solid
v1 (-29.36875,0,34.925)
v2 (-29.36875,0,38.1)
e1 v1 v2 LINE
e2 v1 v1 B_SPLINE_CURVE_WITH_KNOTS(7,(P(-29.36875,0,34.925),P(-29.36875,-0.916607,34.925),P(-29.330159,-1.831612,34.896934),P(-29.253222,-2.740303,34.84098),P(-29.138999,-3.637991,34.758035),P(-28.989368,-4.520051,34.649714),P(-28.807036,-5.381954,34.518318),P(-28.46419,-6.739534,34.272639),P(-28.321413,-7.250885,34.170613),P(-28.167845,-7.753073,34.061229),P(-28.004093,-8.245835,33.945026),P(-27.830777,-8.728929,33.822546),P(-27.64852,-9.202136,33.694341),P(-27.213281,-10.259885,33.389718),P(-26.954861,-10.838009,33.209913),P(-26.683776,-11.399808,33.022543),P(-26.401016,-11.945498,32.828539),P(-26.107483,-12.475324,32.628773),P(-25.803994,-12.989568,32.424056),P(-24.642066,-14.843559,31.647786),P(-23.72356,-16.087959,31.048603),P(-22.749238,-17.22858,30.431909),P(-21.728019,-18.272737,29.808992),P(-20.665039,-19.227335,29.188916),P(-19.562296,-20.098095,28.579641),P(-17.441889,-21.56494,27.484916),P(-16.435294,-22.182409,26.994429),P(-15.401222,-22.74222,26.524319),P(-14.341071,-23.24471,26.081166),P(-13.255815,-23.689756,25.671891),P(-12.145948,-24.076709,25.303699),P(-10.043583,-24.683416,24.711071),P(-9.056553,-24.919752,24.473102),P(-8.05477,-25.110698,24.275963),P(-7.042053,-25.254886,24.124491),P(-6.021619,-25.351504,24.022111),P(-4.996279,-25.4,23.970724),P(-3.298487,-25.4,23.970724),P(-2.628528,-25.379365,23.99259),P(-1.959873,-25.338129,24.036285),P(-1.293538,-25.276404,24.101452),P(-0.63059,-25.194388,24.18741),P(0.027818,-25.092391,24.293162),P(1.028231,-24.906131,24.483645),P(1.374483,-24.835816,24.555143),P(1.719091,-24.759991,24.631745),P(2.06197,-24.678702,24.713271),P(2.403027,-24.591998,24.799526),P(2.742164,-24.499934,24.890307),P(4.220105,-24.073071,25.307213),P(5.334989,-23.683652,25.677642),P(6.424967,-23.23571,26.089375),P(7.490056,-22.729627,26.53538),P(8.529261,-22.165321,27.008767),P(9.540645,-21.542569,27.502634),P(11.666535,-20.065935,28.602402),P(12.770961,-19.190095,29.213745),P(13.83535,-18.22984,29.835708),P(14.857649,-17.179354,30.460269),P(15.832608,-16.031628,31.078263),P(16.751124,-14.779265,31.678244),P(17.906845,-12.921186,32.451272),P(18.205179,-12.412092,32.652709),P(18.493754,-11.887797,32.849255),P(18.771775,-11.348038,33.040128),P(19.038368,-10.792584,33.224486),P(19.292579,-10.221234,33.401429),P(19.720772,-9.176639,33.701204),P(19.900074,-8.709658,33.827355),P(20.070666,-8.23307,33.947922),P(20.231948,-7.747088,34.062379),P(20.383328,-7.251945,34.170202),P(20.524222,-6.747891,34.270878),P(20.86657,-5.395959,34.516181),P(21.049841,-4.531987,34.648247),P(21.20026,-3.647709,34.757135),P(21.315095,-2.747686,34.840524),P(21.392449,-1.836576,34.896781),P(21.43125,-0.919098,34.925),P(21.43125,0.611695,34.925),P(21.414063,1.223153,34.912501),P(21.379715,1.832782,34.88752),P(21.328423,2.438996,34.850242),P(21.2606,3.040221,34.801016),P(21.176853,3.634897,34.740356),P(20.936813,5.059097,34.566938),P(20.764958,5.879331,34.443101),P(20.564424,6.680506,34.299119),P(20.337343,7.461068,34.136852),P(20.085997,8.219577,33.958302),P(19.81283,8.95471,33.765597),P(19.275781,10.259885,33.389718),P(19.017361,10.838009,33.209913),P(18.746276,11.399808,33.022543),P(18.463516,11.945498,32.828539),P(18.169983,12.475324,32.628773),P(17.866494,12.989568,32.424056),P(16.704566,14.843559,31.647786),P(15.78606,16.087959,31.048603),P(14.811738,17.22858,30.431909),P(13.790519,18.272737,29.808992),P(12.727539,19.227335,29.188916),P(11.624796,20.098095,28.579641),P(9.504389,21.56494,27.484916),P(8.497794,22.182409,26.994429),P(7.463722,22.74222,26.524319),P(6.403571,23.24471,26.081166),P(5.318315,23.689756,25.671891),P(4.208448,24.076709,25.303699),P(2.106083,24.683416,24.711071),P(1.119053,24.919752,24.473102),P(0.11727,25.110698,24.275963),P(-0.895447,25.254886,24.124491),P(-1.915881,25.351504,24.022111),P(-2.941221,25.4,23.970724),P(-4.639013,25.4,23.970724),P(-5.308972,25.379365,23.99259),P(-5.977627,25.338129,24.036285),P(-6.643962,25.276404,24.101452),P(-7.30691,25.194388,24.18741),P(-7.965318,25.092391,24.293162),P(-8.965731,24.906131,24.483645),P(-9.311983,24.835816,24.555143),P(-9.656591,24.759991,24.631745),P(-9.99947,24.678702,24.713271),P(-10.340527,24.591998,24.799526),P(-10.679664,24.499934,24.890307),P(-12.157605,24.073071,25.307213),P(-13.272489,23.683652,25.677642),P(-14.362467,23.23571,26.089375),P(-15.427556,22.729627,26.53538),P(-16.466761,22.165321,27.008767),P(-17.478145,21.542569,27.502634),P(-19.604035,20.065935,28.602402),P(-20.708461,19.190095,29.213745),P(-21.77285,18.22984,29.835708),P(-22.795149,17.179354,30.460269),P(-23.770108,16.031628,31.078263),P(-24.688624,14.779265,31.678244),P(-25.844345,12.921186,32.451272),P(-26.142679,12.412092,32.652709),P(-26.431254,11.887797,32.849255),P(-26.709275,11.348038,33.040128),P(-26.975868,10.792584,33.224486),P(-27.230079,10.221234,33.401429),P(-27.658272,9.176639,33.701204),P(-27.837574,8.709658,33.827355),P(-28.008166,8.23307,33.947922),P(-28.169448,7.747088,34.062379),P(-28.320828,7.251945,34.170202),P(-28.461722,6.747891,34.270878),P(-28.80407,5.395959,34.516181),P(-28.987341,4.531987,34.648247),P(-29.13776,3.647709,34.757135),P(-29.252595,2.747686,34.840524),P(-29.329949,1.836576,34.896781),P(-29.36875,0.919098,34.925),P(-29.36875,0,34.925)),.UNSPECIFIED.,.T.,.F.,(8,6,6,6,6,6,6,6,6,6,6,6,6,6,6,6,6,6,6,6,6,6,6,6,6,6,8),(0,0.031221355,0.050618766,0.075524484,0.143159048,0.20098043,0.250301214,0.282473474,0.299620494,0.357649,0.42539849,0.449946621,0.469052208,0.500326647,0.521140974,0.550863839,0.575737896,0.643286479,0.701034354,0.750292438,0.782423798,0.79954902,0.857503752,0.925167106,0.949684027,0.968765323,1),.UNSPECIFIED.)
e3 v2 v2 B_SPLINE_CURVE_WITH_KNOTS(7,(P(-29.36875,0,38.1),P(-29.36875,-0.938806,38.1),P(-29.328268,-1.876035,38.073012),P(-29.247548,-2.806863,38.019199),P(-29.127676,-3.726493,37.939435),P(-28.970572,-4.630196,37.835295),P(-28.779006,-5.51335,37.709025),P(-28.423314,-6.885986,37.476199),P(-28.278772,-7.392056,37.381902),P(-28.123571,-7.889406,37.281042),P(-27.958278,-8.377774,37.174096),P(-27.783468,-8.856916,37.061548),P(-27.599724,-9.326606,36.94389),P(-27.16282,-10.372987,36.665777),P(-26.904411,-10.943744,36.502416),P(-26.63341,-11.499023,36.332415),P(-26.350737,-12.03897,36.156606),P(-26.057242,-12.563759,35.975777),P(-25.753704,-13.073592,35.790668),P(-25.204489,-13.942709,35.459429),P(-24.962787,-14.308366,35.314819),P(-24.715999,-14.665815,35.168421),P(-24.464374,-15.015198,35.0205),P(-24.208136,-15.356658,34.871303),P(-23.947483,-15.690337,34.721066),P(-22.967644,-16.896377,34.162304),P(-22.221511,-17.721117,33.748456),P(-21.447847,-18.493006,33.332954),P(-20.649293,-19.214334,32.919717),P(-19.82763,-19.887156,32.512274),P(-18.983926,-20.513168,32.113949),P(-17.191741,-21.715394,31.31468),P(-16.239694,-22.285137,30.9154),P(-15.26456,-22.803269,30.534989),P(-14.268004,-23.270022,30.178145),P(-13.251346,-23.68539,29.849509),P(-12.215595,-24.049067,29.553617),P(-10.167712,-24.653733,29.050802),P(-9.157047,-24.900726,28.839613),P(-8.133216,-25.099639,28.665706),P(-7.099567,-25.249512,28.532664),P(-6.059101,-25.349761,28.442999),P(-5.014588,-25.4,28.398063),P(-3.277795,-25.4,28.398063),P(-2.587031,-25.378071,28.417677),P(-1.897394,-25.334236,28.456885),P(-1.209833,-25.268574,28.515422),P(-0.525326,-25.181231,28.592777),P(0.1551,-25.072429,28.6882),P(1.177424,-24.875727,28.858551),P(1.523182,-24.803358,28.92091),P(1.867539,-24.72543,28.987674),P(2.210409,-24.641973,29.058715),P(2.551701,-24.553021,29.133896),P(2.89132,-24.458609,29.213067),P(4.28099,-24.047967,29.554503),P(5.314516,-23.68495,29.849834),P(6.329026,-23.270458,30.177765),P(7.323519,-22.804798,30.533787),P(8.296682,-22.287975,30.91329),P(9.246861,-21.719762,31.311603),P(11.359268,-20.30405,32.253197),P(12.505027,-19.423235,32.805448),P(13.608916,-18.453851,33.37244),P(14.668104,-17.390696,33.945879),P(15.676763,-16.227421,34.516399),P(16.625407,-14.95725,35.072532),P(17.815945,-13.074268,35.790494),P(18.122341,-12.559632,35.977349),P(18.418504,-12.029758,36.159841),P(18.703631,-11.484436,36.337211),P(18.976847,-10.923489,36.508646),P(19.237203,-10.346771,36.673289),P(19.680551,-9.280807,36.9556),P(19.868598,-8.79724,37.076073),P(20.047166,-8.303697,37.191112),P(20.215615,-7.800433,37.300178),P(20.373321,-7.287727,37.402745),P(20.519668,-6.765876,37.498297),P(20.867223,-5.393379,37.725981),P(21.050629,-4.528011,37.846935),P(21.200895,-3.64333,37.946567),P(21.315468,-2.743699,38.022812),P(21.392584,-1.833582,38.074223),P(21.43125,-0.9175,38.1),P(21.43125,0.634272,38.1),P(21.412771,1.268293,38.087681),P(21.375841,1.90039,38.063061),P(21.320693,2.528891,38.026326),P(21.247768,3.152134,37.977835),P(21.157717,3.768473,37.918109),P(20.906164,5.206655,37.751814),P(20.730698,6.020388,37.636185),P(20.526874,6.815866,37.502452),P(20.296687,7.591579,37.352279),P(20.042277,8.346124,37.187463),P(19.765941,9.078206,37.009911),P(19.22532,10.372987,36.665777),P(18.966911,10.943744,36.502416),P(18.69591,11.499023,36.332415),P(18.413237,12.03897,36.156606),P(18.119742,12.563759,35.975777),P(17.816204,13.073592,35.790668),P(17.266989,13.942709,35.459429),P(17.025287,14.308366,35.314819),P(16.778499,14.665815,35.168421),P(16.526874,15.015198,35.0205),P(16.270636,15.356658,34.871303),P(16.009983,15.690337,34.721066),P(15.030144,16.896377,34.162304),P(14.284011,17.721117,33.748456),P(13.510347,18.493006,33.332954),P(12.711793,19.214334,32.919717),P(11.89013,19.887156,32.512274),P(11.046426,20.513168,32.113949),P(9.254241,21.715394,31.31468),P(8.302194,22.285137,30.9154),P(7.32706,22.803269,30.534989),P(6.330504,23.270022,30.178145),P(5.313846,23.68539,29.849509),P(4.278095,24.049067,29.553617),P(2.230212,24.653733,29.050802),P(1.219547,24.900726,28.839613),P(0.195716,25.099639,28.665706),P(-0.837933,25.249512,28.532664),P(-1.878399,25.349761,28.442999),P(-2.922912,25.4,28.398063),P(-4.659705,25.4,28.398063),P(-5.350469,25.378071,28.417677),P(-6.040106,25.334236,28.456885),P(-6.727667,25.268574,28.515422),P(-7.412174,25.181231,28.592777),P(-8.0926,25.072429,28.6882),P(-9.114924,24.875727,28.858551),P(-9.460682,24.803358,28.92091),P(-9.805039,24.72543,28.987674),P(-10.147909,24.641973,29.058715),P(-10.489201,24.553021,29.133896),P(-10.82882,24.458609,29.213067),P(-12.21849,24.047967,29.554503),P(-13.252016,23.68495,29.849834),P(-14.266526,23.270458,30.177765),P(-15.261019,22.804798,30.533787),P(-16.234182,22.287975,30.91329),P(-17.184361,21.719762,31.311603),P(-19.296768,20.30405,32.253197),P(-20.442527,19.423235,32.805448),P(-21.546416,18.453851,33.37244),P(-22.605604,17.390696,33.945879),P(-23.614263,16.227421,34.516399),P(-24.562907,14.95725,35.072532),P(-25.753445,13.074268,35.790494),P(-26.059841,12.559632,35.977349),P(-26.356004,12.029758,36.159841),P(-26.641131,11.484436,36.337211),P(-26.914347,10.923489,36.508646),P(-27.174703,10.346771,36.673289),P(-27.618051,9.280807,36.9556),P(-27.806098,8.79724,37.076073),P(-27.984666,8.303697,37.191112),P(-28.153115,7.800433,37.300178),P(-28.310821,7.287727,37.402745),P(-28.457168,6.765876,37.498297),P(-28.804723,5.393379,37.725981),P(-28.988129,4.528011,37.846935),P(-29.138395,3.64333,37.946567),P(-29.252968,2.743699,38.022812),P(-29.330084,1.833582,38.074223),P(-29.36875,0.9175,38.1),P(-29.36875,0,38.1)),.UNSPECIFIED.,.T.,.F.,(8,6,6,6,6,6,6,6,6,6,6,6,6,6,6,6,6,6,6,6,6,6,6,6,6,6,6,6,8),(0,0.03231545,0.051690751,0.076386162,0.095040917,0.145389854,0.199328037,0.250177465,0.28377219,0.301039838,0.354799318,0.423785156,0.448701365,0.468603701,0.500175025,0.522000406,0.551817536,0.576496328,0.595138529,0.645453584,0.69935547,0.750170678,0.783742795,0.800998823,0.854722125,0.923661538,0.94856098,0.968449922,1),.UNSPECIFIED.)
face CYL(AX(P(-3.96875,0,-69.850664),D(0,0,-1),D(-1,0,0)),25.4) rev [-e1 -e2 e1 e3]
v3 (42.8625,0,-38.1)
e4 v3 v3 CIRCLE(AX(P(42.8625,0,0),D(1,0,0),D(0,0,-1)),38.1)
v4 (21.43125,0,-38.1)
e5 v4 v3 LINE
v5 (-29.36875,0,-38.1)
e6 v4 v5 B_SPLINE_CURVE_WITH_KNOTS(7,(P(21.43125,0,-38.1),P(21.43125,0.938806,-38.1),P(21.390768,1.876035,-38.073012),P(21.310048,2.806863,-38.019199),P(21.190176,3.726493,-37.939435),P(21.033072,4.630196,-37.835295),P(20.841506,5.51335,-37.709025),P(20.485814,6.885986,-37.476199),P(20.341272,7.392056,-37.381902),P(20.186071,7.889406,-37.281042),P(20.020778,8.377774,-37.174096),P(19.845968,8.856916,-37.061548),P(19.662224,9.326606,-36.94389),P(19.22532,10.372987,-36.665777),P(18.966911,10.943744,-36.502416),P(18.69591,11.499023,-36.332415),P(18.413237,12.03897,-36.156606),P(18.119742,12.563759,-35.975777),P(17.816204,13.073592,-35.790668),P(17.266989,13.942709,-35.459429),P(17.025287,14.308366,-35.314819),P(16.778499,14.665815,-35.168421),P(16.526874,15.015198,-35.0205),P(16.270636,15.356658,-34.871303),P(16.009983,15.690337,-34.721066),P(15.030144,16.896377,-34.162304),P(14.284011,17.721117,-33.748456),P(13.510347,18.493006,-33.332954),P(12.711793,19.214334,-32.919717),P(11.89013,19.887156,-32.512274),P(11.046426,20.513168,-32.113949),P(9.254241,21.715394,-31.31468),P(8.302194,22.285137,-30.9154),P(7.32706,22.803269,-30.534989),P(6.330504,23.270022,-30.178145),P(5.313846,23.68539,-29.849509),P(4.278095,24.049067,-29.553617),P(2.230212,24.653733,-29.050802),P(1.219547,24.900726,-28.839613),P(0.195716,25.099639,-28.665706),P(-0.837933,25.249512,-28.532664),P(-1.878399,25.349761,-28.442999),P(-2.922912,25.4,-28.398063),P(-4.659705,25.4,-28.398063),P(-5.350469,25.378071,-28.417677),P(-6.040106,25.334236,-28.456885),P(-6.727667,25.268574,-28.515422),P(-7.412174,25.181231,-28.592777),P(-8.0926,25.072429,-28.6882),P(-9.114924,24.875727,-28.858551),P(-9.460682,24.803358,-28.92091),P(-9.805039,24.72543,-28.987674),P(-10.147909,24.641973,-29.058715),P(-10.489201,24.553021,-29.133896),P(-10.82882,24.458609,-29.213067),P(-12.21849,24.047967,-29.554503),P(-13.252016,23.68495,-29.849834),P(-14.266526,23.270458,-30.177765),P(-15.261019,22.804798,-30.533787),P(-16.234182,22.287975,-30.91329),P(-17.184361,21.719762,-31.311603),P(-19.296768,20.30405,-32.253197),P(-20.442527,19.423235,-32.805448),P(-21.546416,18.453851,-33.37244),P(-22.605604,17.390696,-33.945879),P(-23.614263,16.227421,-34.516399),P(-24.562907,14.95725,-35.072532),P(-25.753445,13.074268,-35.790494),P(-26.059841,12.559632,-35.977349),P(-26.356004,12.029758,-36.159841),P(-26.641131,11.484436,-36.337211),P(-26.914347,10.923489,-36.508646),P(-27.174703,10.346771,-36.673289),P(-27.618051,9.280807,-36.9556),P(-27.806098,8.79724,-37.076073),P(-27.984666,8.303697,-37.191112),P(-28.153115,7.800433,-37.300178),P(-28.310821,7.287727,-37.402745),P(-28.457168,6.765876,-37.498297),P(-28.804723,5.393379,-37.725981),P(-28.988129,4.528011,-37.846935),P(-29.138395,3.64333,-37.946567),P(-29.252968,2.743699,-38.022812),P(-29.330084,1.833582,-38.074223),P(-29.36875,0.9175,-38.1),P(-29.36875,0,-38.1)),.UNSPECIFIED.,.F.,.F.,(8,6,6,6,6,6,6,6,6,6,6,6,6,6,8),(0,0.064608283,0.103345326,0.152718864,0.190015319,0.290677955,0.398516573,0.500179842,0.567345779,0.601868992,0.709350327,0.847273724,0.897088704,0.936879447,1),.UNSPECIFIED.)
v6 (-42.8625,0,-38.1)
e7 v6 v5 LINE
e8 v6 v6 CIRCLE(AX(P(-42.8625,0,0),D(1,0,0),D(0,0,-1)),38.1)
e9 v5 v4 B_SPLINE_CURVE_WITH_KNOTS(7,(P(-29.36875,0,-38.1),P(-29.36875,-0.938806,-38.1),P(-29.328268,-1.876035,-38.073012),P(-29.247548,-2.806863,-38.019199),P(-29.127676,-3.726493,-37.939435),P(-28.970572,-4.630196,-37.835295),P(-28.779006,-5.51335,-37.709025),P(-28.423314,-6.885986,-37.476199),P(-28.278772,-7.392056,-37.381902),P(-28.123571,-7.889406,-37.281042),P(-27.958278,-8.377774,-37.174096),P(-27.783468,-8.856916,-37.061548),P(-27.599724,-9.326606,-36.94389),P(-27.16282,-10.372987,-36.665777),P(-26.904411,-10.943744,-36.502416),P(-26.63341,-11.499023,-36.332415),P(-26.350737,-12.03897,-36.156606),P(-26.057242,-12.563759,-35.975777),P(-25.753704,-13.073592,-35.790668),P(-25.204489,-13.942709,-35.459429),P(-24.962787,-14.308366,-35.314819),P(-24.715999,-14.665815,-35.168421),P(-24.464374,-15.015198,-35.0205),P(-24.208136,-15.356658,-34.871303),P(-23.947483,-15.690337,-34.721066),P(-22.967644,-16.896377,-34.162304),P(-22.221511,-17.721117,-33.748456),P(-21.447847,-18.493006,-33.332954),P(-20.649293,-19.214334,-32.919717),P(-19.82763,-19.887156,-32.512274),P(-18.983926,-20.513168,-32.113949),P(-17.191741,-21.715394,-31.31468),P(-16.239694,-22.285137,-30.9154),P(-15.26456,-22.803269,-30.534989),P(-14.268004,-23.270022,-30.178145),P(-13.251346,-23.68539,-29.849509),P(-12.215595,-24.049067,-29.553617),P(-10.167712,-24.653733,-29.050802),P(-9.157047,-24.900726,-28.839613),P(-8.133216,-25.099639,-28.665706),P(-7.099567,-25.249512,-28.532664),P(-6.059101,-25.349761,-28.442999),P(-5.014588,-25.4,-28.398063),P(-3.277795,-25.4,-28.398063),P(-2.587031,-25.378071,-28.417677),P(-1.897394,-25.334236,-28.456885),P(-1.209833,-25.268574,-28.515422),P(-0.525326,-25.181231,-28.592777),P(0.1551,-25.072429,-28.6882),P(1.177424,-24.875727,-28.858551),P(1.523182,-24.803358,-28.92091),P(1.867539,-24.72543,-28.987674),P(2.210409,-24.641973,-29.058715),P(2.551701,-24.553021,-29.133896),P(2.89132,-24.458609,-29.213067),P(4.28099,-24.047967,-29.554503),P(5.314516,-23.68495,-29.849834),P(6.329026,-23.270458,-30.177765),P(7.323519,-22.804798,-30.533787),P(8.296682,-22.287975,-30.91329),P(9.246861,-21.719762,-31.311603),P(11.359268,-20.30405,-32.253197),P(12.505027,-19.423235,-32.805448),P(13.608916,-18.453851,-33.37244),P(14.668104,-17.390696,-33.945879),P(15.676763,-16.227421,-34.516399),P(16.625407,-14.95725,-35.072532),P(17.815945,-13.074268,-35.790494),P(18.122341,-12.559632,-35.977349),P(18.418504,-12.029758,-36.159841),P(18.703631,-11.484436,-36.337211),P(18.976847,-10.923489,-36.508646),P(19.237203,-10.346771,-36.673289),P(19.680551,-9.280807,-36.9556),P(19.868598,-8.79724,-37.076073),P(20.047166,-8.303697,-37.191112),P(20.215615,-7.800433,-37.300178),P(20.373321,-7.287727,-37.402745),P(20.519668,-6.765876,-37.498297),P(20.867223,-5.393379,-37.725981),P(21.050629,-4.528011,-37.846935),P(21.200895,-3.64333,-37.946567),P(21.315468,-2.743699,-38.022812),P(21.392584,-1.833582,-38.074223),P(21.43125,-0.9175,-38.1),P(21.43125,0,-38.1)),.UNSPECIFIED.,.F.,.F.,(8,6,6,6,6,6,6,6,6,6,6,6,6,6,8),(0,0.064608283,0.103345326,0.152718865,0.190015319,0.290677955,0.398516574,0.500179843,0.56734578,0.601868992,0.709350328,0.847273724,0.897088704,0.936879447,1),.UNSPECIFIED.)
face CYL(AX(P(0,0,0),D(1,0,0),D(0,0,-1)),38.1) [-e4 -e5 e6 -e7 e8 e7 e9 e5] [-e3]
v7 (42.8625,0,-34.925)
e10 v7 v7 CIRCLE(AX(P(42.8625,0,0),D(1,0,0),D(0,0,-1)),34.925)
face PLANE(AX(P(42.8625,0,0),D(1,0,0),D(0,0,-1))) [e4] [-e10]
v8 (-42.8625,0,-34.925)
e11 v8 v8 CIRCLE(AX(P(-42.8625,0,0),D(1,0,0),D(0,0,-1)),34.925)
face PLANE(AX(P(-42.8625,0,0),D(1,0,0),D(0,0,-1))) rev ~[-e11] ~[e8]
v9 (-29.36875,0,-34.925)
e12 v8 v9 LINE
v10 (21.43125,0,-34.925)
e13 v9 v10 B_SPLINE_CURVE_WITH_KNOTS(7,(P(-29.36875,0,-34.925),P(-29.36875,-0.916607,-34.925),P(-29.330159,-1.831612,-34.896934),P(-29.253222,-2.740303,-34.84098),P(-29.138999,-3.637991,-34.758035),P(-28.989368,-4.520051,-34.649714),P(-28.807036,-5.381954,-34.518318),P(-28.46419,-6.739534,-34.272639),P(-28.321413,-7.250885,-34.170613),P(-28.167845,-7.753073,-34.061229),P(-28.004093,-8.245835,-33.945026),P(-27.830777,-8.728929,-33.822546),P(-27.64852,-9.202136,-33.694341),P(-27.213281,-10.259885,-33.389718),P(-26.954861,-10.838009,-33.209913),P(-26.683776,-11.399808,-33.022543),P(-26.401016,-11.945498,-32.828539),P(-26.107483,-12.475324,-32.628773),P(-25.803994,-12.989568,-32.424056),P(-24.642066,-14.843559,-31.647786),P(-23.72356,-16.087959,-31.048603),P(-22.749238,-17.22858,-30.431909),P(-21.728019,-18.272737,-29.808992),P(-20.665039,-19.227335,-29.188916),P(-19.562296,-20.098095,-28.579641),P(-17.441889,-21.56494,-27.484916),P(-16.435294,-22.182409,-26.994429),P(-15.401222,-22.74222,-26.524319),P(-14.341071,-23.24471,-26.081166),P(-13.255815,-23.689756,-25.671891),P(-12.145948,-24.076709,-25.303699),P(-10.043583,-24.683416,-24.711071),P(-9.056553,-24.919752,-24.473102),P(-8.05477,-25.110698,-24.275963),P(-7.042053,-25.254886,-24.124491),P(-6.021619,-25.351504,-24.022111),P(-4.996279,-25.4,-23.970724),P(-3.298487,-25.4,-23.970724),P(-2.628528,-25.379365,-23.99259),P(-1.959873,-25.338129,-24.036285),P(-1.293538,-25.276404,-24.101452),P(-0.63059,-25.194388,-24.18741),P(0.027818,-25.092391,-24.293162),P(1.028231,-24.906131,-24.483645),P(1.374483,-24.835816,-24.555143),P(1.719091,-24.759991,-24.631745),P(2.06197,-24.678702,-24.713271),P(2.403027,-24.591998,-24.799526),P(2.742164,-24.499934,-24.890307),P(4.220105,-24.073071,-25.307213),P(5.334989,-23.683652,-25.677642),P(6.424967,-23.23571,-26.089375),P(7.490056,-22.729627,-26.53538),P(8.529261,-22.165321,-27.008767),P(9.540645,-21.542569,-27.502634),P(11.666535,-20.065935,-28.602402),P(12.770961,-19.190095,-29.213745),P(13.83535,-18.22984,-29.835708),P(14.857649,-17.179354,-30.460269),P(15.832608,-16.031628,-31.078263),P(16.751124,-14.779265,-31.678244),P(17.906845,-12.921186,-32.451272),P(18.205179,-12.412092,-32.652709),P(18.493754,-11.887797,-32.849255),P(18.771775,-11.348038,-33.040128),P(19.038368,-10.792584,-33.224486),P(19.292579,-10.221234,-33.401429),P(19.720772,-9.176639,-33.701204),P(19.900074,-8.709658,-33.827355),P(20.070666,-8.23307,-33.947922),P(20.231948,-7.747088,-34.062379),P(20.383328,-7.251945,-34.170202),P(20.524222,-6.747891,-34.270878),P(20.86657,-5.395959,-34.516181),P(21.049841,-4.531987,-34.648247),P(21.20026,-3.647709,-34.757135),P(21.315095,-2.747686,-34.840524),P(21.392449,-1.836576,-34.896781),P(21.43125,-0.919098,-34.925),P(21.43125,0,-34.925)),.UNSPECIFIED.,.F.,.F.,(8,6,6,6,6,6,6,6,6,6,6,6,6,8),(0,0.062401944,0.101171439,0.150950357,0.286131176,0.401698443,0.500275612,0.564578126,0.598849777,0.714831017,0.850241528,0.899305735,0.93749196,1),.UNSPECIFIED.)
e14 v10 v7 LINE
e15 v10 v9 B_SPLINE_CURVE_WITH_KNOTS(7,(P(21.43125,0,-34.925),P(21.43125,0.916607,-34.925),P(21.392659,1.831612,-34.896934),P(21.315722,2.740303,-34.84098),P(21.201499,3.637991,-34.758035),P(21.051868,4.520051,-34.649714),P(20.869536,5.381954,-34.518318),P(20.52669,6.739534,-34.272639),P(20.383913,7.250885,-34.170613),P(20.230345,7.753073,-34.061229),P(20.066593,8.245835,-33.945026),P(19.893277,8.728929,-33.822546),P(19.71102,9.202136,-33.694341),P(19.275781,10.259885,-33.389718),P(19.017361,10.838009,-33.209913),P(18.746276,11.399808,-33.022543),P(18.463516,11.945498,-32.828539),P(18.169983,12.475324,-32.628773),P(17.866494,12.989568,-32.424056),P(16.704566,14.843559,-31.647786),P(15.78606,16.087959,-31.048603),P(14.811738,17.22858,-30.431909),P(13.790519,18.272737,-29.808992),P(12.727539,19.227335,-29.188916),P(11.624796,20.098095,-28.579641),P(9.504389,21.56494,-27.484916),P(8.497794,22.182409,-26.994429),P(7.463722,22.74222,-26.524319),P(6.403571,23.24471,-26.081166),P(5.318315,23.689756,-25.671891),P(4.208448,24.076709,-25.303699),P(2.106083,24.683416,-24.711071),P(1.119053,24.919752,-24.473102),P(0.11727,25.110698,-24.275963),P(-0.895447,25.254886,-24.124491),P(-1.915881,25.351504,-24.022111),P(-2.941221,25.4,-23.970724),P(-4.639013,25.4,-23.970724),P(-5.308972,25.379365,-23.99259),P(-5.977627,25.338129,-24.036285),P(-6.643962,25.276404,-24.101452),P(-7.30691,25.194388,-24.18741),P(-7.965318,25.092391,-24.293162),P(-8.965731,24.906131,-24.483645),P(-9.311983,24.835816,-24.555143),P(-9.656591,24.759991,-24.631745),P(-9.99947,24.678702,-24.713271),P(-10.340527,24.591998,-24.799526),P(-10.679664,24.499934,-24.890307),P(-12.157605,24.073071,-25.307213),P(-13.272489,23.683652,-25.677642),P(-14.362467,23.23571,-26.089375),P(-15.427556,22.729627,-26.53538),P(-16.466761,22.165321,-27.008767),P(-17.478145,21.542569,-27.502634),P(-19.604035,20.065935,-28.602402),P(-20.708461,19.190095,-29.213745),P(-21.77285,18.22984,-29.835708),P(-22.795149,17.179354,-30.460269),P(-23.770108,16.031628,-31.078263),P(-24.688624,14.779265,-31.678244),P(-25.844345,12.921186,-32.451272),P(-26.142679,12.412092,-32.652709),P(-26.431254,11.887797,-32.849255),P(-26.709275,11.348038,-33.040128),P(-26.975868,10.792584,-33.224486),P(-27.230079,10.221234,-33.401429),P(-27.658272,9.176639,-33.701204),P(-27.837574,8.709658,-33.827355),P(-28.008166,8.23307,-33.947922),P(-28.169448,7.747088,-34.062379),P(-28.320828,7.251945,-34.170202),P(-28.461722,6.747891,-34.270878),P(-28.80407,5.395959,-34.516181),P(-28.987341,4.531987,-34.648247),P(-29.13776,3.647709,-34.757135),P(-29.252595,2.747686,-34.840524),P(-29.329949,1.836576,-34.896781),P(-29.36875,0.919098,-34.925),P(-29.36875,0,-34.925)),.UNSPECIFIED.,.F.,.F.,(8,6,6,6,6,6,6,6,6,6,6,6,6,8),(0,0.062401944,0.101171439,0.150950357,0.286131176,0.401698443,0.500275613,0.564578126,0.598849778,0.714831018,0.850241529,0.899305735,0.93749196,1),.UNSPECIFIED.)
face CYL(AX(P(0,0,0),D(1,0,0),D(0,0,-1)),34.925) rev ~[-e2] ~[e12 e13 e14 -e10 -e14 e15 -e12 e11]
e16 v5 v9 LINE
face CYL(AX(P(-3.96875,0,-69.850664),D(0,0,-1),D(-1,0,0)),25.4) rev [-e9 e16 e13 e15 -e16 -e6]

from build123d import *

# Parameters (mm, degrees)
SKETCH1_R               = 38.1
BOSS_EXTRUDE1_DEPTH     = 42.8625
SHELL1_T                = -3.175
CUT_EXTRUDE1_DEPTH      = 69.850663804
CUT_EXTRUDE1_DEPTH_BACK = 69.850663804
SKETCH2_R               = 25.4


with BuildPart() as part:
    # Sketch1 → Boss-Extrude1 (new, symmetric)
    with BuildSketch(Plane(origin=(0, 0, 0), x_dir=(0, 0, -1), z_dir=(1, 0, 0))):
        Circle(SKETCH1_R)
    extrude(amount=BOSS_EXTRUDE1_DEPTH, both=True)

    # Shell1
    shell1_openings = [part.faces().sort_by_distance(p)[0] for p in [
        (42.8625, 0, 0),
        (-42.8625, 0, 0),
    ]]
    offset(amount=SHELL1_T, openings=shell1_openings, kind=Kind.INTERSECTION)

    # Sketch2 → Cut-Extrude1 (cut, two sides: drawn at the far end of the back side and taken through both)
    with BuildSketch(Plane.XY.offset(-CUT_EXTRUDE1_DEPTH_BACK)):
        with Locations(Location((-3.96875, 0, 0), (0, 0, 180))):
            Circle(SKETCH2_R)
    extrude(amount=CUT_EXTRUDE1_DEPTH + CUT_EXTRUDE1_DEPTH_BACK, mode=Mode.SUBTRACT)


solid = part.part
